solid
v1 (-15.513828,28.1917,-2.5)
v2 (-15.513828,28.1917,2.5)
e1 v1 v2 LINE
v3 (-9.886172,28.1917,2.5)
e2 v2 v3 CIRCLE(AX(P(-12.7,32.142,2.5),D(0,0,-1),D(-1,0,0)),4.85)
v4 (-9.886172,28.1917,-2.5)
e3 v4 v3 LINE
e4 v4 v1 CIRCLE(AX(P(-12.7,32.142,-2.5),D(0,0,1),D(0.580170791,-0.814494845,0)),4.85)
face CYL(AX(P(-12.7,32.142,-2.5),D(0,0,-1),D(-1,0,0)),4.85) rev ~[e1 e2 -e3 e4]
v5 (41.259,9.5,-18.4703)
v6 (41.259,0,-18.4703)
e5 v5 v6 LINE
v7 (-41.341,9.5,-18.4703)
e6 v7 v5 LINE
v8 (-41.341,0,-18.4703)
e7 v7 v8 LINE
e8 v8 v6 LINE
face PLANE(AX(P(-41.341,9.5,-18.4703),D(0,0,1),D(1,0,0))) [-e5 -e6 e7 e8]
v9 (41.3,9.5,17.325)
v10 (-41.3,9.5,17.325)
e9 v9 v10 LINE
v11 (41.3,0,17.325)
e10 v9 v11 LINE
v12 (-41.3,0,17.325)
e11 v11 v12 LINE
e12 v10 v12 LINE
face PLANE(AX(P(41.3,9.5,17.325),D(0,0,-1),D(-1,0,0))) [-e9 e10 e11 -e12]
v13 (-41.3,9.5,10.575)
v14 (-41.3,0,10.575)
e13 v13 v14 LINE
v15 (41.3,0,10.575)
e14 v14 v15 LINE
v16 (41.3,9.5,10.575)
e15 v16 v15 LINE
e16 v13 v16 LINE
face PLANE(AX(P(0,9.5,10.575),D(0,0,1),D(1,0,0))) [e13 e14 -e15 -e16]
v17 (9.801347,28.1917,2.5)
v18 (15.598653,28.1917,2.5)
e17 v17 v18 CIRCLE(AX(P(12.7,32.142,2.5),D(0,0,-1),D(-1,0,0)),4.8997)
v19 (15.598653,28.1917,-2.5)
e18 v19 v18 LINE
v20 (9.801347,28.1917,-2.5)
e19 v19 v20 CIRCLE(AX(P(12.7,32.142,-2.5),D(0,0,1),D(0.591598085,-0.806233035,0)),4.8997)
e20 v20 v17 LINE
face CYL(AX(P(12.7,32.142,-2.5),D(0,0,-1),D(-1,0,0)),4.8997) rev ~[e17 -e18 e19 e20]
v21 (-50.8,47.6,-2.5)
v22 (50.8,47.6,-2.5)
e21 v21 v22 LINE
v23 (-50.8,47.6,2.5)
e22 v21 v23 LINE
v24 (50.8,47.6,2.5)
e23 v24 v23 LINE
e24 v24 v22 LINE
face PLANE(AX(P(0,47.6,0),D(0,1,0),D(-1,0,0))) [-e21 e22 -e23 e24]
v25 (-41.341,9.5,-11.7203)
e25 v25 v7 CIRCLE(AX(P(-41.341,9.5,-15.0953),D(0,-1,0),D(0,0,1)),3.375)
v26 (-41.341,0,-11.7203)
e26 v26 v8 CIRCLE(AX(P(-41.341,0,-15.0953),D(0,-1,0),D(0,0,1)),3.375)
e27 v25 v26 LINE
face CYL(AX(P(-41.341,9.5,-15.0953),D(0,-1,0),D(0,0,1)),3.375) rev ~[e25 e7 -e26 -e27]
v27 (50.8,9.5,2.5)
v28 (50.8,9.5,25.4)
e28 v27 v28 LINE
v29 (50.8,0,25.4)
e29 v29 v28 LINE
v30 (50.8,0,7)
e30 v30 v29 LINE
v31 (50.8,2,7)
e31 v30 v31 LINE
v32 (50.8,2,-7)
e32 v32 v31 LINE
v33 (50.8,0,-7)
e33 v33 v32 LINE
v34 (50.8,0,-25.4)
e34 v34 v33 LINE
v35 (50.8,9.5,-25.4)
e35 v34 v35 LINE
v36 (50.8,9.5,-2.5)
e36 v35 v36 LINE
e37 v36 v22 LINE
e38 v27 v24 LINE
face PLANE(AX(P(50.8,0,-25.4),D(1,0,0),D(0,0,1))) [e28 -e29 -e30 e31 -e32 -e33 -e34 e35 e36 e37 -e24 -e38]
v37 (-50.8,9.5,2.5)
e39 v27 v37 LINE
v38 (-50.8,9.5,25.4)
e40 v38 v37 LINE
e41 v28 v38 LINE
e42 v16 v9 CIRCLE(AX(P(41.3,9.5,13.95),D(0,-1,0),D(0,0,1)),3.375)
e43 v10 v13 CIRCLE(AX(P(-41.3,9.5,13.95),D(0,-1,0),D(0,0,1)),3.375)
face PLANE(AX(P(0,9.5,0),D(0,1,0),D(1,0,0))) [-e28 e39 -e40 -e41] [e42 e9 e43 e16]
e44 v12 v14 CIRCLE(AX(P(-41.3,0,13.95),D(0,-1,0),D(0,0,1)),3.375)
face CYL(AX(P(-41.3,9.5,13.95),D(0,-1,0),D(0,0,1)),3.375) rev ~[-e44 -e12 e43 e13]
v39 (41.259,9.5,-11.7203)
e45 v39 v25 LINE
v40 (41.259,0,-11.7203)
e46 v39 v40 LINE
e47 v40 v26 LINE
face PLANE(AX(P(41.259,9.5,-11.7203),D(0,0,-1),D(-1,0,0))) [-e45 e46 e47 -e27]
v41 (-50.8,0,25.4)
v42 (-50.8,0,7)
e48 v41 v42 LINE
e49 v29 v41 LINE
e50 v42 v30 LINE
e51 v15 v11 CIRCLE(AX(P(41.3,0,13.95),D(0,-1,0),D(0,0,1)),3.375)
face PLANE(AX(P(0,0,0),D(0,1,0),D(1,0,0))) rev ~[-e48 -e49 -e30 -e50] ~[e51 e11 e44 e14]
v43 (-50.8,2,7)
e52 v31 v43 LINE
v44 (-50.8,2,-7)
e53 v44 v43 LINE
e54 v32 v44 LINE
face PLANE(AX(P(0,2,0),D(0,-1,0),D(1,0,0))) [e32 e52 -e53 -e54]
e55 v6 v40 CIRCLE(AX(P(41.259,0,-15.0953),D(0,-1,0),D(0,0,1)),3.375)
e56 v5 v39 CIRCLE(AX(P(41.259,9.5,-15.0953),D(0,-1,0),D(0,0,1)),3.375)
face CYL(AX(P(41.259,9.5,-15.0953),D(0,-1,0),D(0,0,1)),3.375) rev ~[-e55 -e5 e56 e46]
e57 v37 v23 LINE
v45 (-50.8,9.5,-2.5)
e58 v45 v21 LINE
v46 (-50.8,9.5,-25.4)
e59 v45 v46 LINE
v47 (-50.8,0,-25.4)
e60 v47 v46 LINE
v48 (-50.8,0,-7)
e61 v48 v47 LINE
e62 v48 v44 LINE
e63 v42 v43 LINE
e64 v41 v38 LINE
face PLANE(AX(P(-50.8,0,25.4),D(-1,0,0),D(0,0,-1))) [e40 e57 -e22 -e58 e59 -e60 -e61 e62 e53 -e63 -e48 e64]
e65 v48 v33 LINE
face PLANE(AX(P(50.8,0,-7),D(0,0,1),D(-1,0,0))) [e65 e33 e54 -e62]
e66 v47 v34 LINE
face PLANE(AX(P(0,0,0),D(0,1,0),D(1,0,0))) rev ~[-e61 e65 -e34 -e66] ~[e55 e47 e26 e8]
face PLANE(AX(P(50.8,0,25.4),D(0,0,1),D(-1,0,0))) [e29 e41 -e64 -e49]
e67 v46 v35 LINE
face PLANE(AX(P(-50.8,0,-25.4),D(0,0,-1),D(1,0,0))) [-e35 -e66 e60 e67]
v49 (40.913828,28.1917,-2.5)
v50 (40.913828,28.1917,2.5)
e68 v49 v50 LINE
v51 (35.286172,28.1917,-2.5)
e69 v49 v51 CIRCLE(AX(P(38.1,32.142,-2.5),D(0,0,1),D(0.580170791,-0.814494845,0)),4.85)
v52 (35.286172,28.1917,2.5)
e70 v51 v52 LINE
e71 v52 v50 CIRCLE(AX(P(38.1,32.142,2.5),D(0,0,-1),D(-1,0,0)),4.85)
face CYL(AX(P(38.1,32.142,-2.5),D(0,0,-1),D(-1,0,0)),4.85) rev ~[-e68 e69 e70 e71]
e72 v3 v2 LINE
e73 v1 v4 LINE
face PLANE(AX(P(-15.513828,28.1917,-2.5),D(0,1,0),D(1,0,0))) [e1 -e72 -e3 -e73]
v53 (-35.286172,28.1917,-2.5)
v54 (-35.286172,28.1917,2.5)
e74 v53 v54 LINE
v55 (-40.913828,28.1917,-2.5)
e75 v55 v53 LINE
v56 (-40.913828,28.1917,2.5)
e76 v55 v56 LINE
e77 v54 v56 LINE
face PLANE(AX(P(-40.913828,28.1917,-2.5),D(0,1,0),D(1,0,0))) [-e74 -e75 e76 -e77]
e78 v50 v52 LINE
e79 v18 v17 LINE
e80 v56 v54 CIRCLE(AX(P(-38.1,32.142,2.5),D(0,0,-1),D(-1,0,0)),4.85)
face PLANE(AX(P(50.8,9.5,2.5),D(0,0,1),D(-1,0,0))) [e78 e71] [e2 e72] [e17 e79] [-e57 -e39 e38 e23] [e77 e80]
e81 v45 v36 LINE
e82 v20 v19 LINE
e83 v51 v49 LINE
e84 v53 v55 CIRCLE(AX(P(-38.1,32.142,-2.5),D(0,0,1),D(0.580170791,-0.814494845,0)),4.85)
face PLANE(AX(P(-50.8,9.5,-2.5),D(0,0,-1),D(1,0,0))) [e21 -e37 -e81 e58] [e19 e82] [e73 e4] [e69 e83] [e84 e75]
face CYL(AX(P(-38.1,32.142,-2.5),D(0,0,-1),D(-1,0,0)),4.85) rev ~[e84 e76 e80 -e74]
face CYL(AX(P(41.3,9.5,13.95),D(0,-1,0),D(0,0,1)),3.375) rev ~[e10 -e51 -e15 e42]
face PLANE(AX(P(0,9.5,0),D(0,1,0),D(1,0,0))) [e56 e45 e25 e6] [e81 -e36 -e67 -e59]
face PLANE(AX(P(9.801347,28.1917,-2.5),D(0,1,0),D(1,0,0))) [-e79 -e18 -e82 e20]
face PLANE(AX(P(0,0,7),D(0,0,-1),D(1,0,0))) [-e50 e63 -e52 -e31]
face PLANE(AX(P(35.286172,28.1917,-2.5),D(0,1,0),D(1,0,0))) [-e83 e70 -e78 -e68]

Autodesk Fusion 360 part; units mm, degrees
sketch "Sketch1" plane through (0, 0, 0) normal (0, 1, 0) x (1, 0, 0)
  line L0 (-50.8, 25.4) -> (50.8, 25.4)
  line L1 (50.8, 25.4) -> (50.8, -25.4)
  line L2 (50.8, -25.4) -> (-50.8, -25.4)
  line L3 (-50.8, -25.4) -> (-50.8, 25.4)
  line L4 (-50.8, -25.4) -> (50.8, 25.4)
  line L5 (-50.8, 25.4) -> (50.8, -25.4)
  dimension "d1" = 50.8
  dimension "d2" = 101.6
extrude "Extrude1" add sketch "Sketch1" along normal blind 9.5
sketch "Sketch2" plane through (0, 9.5, 0) normal (0, 1, 0) x (-1, 0, 0)
  line L0 (50.8, 25.4) -> (-50.8, 25.4)
  line L1 (-50.8, 25.4) -> (-50.8, -25.4)
  line L2 (-50.8, -25.4) -> (50.8, -25.4)
  line L3 (50.8, -25.4) -> (50.8, 25.4)
  line L4 (50.8, -2.5) -> (-50.8, -2.5)
  line L5 (-50.8, -2.5) -> (-50.8, 2.5)
  line L6 (-50.8, 2.5) -> (50.8, 2.5)
  line L7 (50.8, 2.5) -> (50.8, -2.5)
  line L8 (50.8, 2.5) -> (-50.8, -2.5)
  dimension "d5" = 5
extrude "Extrude2" add sketch "Sketch2" along normal blind 38.1 contours L1 L5 L6 L8 | L3 L4 L7 L8
sketch "Sketch3" plane through (0, 9.5, 0) normal (0, 1, 0) x (-1, 0, 0)
  line L0 (-50.8, 2.5) -> (50.8, 2.5)
  line L1 (50.8, 2.5) -> (50.8, 25.4)
  line L2 (50.8, 25.4) -> (-50.8, 25.4)
  line L3 (-50.8, 25.4) -> (-50.8, 2.5)
  line L4 (41.3, 10.575) -> (-41.3, 10.575)
  line L5 (-41.3, 10.575) -> (-41.3, 17.325)
  line L6 (-41.3, 17.325) -> (41.3, 17.325)
  line L7 (41.3, 17.325) -> (41.3, 10.575)
  line L8 (0, 2.5) -> (0, 10.575)
  line L9 (0, 17.325) -> (0, 25.4)
  line L10 (41.3, 13.95) -> (50.8, 13.95)
  line L11 (-41.3, 13.95) -> (-50.8, 13.95)
  line L12 (41.341, -18.4703) -> (-41.259, -18.4703)
  line L13 (-41.259, -18.4703) -> (-41.259, -11.7203)
  line L14 (-41.259, -11.7203) -> (41.341, -11.7203)
  line L15 (41.341, -11.7203) -> (41.341, -18.4703)
  line L16 (0.041, -26.5453) -> (0.041, -18.4703)
  dimension "d8" = 82.6
  dimension "d9" = 6.75
extrude "Extrude3" cut sketch "Sketch3" against normal blind 20 contours L4 L5 L6 L7 | L12 L13 L14 L15
hole "Hole1" at (-41.3, 9.5, 13.95) direction (0, -1, 0) diameter 6.75 depth 30 tip angle 118
hole "Hole2" at (-41.341, 9.5, -15.0953) direction (0, -1, 0) diameter 6.75 depth 30 tip angle 118
hole "Hole3" at (41.259, 9.5, -15.0953) direction (0, -1, 0) diameter 6.75 depth 30 tip angle 118
hole "Hole4" at (41.3, 9.5, 13.95) direction (0, -1, 0) diameter 6.75 depth 30 tip angle 118
sketch "Sketch4" plane through (0, 0, 0) normal (0, -1, 0) x (1, 0, 0)
  arc A0 (41.259, -18.4703) -> (41.259, -11.7203) centre (41.259, -15.0953) ccw
  line L0 (41.259, -18.4703) -> (-41.341, -18.4703)
  arc A1 (-41.341, -11.7203) -> (-41.341, -18.4703) centre (-41.341, -15.0953) ccw
  line L1 (-41.341, -11.7203) -> (41.259, -11.7203)
  arc A2 (41.3, 10.575) -> (41.3, 17.325) centre (41.3, 13.95) ccw
  line L2 (41.3, 10.575) -> (-41.3, 10.575)
  arc A3 (-41.3, 17.325) -> (-41.3, 10.575) centre (-41.3, 13.95) ccw
  line L3 (-41.3, 17.325) -> (41.3, 17.325)
  line L4 (50.8, 25.4) -> (-50.8, 25.4)
  line L5 (-50.8, 25.4) -> (-50.8, -25.4)
  line L6 (-50.8, -25.4) -> (50.8, -25.4)
  line L7 (50.8, -25.4) -> (50.8, 25.4)
  line L8 (-50.8, 7) -> (50.8, 7)
  line L9 (50.8, 7) -> (50.8, -7)
  line L10 (50.8, -7) -> (-50.8, -7)
  line L11 (-50.8, -7) -> (-50.8, 7)
  line L12 (-50.8, 0) -> (50.8, 0)
  line L13 (0, 7) -> (0, -7)
  dimension "d25" = 101.6
  dimension "d26" = 14
extrude "Extrude4" cut sketch "Sketch4" against normal blind 2 contours L7 L8 L9 L12 L13 | L5 L8 L11 L12 L13 | L7 L9 L10 L12 L13 | L5 L10 L11 L12 L13
sketch "Sketch5" plane through (0, 0, -2.5) normal (0, 0, -1) x (-1, 0, 0)
  line L0 (-50.8, 9.5) -> (50.8, 9.5)
  line L1 (50.8, 9.5) -> (50.8, 47.6)
  line L2 (50.8, 47.6) -> (-50.8, 47.6)
  line L3 (-50.8, 47.6) -> (-50.8, 9.5)
  circle A0 centre (-38.1, 32.142) radius 4.85
  circle A1 centre (-12.7, 32.142) radius 4.8997
  circle A2 centre (12.7, 32.142) radius 4.85
  circle A3 centre (38.1, 32.142) radius 4.85
  line L4 (-38.1, 32.142) -> (-12.7, 32.142)
  line L5 (-12.7, 32.142) -> (12.7, 32.142)
  line L6 (12.7, 32.142) -> (38.1, 32.142)
  line L7 (-42.95, 37.0417) -> (42.95, 37.0417)
  line L8 (42.95, 37.0417) -> (42.95, 28.1917)
  line L9 (42.95, 28.1917) -> (-42.95, 28.1917)
  line L10 (-42.95, 28.1917) -> (-42.95, 37.0417)
  line L11 (42.95, 32.6167) -> (50.8, 32.6167)
  line L12 (-42.95, 32.6167) -> (-50.8, 32.6167)
  dimension "d29" = 9.7
  dimension "d31" = 8.85
  dimension "d32" = 25.4
extrude "Extrude5" cut sketch "Sketch5" against normal blind 20 contours A0 L9 | A3 L9 | A1 L4 L5 | A1 L4 L5 L9 | A2 L5 L6 | A2 L5 L6 L9 picked at (-39.4169, 32.3517) picked at (37.6141, 31.8651)
equation "d8 = 101.6 mm - 19 mm"
